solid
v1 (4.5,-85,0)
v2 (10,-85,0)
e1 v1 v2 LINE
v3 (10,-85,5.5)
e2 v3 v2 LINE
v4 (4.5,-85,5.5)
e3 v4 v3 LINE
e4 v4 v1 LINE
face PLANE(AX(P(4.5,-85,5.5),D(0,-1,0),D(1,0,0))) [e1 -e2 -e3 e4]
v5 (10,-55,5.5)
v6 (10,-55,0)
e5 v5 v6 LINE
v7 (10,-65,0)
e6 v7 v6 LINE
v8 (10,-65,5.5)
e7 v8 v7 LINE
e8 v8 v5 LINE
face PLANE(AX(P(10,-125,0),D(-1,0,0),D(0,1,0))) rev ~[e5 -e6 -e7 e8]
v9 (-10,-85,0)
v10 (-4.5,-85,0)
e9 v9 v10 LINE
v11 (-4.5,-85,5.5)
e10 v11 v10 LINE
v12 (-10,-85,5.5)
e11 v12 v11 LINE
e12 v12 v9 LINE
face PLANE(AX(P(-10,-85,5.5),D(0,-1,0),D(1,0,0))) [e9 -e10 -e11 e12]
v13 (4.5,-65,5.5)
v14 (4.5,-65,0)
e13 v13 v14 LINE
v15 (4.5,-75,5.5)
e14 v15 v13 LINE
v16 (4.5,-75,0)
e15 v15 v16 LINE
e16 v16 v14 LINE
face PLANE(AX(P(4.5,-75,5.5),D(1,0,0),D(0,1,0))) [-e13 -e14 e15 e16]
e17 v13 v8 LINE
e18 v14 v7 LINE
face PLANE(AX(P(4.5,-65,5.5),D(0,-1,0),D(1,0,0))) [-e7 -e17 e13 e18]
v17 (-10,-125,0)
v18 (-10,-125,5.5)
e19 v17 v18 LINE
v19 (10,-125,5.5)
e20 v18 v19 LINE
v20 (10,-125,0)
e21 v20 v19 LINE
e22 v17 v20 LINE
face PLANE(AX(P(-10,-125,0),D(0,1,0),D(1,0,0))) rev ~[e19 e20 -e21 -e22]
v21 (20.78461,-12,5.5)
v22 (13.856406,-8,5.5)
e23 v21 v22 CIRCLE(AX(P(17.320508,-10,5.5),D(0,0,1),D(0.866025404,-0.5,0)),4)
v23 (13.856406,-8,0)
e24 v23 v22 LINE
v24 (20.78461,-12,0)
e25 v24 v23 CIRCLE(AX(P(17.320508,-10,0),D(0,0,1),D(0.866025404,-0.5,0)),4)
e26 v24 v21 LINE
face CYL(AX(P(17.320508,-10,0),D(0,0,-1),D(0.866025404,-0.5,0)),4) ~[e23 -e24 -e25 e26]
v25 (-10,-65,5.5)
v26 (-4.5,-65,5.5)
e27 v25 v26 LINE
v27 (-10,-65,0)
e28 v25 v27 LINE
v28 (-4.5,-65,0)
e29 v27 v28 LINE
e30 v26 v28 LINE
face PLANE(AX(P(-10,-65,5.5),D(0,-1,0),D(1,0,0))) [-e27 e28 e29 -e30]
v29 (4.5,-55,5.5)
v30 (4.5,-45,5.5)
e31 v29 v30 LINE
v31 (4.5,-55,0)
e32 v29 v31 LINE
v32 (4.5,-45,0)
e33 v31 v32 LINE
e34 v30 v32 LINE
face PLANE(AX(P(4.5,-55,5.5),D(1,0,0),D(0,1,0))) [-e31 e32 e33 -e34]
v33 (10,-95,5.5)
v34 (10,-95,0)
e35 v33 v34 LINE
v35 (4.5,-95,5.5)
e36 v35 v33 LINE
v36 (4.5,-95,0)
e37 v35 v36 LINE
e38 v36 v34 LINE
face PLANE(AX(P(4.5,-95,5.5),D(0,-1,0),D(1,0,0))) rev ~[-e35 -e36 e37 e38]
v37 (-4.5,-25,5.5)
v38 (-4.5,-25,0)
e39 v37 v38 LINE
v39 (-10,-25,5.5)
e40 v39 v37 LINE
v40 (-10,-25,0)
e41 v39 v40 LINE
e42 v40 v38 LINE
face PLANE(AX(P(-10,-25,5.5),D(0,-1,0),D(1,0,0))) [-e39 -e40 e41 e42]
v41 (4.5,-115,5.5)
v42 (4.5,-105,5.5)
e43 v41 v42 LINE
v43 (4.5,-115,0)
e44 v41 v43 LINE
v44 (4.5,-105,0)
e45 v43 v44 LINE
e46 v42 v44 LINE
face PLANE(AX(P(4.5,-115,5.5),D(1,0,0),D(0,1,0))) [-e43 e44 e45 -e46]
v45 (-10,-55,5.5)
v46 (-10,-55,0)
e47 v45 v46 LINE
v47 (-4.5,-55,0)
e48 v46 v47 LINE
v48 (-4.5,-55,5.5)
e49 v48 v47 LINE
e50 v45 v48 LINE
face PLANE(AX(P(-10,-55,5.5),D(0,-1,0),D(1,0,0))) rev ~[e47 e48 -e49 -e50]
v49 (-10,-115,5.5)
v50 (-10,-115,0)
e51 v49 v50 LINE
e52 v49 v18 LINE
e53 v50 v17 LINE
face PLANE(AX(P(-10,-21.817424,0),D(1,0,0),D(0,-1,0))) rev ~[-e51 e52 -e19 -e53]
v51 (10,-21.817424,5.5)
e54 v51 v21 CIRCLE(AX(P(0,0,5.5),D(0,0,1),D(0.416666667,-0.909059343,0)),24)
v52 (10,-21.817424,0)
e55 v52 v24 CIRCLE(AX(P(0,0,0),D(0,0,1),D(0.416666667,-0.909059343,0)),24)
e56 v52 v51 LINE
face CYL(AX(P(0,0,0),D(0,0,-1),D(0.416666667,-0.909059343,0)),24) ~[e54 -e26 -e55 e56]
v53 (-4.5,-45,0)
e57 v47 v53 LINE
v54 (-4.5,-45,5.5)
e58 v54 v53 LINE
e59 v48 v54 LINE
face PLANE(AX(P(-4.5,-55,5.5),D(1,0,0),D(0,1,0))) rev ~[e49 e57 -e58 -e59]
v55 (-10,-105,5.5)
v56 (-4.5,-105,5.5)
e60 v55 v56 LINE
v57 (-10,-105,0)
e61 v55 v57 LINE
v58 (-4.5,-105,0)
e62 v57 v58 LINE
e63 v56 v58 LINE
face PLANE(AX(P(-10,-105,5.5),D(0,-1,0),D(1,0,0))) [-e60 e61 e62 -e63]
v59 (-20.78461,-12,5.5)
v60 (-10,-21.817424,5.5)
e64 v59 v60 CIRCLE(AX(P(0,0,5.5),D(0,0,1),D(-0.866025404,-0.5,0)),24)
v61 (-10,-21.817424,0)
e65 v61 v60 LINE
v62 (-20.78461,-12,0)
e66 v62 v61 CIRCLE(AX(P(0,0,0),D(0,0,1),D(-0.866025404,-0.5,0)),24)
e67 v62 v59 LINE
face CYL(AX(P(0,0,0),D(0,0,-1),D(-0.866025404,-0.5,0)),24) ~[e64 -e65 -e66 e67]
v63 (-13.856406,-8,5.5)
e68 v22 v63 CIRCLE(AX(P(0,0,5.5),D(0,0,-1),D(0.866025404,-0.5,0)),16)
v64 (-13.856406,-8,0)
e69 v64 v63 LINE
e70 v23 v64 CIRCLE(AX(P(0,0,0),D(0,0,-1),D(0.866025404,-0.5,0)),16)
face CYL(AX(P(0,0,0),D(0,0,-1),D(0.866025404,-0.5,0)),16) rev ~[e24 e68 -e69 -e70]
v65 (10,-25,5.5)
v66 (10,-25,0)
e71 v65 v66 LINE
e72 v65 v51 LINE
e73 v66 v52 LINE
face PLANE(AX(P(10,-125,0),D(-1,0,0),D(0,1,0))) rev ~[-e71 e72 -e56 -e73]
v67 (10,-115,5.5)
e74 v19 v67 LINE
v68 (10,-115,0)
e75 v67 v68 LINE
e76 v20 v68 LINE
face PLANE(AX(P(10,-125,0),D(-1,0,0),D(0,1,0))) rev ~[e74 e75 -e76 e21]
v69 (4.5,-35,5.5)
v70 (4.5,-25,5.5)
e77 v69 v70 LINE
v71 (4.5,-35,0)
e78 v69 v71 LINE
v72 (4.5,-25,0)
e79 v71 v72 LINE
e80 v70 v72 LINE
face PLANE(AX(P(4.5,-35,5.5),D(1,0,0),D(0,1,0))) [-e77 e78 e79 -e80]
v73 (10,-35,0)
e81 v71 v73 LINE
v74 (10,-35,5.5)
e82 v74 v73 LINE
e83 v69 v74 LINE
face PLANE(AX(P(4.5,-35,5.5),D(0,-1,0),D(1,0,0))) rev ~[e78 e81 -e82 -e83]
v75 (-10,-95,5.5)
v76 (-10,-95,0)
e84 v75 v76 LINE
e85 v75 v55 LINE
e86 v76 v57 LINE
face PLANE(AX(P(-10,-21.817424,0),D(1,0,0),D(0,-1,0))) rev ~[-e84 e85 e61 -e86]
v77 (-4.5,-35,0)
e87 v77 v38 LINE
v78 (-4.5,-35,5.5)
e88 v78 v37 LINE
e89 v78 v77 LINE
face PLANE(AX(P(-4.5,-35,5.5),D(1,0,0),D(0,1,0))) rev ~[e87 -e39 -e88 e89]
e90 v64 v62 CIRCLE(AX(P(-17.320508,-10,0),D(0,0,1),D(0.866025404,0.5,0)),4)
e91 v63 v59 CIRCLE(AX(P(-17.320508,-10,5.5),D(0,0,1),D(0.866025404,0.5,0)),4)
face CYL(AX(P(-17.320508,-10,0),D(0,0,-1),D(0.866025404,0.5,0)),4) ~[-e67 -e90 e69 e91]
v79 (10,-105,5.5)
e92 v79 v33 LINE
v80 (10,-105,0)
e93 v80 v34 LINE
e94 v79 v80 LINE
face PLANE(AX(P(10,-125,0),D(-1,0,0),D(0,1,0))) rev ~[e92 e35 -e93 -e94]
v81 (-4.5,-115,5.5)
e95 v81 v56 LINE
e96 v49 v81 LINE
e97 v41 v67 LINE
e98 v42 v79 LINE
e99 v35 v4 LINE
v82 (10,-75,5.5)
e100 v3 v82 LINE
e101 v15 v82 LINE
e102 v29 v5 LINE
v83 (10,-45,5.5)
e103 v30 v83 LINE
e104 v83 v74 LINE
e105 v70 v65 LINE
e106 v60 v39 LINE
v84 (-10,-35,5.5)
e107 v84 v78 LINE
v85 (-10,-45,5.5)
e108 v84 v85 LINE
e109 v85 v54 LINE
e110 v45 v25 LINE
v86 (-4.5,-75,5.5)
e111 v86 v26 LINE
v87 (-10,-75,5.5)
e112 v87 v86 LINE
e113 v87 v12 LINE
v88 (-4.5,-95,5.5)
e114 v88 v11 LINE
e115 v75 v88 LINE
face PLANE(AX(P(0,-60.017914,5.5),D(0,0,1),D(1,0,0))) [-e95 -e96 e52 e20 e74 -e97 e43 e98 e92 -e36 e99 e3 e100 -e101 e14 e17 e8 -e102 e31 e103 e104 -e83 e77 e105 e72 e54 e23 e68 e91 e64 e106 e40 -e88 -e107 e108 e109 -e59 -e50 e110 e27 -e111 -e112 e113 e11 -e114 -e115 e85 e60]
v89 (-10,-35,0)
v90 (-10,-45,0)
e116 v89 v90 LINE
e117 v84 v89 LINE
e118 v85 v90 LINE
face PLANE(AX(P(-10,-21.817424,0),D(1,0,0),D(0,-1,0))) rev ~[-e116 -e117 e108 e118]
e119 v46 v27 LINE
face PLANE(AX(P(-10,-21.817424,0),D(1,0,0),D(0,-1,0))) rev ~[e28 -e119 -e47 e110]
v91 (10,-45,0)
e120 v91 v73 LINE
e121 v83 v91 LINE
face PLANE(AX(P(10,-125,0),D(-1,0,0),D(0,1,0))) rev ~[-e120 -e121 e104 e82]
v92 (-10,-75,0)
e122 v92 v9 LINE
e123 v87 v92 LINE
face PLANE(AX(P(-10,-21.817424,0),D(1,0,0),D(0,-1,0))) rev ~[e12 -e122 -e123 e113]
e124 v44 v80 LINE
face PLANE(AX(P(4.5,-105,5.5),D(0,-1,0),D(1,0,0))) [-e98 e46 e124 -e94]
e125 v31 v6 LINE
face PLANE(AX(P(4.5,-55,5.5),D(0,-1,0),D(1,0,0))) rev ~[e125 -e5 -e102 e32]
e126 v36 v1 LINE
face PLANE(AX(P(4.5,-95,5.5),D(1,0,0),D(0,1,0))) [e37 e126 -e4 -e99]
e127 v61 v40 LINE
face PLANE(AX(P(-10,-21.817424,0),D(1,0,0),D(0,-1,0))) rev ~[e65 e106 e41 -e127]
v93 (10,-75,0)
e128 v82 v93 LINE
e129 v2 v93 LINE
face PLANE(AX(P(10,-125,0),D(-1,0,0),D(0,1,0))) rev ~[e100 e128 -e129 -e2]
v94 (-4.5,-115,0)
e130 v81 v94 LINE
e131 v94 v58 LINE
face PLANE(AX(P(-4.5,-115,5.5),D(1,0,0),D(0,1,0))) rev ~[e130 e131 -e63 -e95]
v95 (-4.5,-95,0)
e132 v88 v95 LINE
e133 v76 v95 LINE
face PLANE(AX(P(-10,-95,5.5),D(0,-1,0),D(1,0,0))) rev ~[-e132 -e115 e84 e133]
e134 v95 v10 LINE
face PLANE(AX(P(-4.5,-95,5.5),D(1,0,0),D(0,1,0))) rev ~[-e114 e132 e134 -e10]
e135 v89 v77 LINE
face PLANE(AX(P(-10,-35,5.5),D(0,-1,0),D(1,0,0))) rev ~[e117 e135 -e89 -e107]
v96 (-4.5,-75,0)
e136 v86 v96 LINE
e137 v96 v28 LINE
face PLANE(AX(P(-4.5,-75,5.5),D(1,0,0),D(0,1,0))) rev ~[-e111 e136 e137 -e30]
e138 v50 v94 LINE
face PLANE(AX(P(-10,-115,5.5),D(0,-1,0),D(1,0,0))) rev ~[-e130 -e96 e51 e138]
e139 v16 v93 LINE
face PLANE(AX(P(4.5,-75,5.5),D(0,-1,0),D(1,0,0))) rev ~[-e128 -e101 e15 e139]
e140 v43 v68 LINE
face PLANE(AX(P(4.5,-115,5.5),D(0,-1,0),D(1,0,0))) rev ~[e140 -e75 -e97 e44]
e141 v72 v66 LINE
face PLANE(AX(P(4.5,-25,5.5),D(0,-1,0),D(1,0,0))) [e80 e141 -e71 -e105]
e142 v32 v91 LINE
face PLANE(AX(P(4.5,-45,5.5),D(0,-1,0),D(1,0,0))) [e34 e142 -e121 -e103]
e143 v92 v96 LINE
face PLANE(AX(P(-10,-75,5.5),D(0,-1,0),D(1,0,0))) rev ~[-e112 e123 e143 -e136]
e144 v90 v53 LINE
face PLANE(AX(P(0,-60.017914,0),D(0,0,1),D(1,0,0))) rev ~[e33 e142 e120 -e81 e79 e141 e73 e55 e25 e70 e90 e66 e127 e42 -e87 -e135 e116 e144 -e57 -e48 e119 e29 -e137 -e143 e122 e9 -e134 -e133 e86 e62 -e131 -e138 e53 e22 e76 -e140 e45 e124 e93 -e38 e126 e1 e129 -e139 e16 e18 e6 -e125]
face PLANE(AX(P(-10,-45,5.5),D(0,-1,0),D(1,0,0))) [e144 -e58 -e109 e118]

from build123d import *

# Parameters (mm, degrees)
EXTRUDE_1_DEPTH     = 5.5
SKETCH_2_W          = 5.5
SKETCH_2_H          = 10
CUT_EXTRUDE_1_DEPTH = 127.924442345


with BuildPart() as part:
    # ｽｹｯﾁ1 → ﾎﾞｽ - 押し出し1 (new body)
    with BuildSketch(Plane.XY):
        with BuildLine():
            Line((-10, -21.817424229), (-10, -125))
            Line((-10, -125), (10, -125))
            Line((10, -125), (10, -21.817424229))
            ThreePointArc((10, -21.817424229), (16.156067067, -17.747718076), (20.784609691, -12))
            ThreePointArc((20.784609691, -12), (19.320508076, -6.535898385), (13.856406461, -8))
            ThreePointArc((13.856406461, -8), (0, -16), (-13.856406461, -8))
            ThreePointArc((-13.856406461, -8), (-19.320508076, -6.535898385), (-20.784609691, -12))
            ThreePointArc((-20.784609691, -12), (-16.156067067, -17.747718076), (-10, -21.817424229))
        make_face()
    extrude(amount=EXTRUDE_1_DEPTH)

    # ｽｹｯﾁ2 → ｶｯﾄ - 押し出し1 (cut, through all)
    with BuildSketch(Plane.XY.offset(5.5)):
        with Locations((-7.25, -90)):
            Rectangle(SKETCH_2_W, SKETCH_2_H)
        with Locations((-7.25, -110)):
            Rectangle(SKETCH_2_W, SKETCH_2_H)
        with Locations((-7.25, -70)):
            Rectangle(SKETCH_2_W, SKETCH_2_H)
        with Locations((-7.25, -50)):
            Rectangle(SKETCH_2_W, SKETCH_2_H)
        with Locations((-7.25, -30)):
            Rectangle(SKETCH_2_W, SKETCH_2_H)
        with Locations((7.25, -110)):
            Rectangle(SKETCH_2_W, SKETCH_2_H)
        with Locations((7.25, -90)):
            Rectangle(SKETCH_2_W, SKETCH_2_H)
        with Locations((7.25, -70)):
            Rectangle(SKETCH_2_W, SKETCH_2_H)
        with Locations((7.25, -50)):
            Rectangle(SKETCH_2_W, SKETCH_2_H)
        with Locations((7.25, -30)):
            Rectangle(SKETCH_2_W, SKETCH_2_H)
    extrude(amount=-CUT_EXTRUDE_1_DEPTH, mode=Mode.SUBTRACT)


solid = part.part
